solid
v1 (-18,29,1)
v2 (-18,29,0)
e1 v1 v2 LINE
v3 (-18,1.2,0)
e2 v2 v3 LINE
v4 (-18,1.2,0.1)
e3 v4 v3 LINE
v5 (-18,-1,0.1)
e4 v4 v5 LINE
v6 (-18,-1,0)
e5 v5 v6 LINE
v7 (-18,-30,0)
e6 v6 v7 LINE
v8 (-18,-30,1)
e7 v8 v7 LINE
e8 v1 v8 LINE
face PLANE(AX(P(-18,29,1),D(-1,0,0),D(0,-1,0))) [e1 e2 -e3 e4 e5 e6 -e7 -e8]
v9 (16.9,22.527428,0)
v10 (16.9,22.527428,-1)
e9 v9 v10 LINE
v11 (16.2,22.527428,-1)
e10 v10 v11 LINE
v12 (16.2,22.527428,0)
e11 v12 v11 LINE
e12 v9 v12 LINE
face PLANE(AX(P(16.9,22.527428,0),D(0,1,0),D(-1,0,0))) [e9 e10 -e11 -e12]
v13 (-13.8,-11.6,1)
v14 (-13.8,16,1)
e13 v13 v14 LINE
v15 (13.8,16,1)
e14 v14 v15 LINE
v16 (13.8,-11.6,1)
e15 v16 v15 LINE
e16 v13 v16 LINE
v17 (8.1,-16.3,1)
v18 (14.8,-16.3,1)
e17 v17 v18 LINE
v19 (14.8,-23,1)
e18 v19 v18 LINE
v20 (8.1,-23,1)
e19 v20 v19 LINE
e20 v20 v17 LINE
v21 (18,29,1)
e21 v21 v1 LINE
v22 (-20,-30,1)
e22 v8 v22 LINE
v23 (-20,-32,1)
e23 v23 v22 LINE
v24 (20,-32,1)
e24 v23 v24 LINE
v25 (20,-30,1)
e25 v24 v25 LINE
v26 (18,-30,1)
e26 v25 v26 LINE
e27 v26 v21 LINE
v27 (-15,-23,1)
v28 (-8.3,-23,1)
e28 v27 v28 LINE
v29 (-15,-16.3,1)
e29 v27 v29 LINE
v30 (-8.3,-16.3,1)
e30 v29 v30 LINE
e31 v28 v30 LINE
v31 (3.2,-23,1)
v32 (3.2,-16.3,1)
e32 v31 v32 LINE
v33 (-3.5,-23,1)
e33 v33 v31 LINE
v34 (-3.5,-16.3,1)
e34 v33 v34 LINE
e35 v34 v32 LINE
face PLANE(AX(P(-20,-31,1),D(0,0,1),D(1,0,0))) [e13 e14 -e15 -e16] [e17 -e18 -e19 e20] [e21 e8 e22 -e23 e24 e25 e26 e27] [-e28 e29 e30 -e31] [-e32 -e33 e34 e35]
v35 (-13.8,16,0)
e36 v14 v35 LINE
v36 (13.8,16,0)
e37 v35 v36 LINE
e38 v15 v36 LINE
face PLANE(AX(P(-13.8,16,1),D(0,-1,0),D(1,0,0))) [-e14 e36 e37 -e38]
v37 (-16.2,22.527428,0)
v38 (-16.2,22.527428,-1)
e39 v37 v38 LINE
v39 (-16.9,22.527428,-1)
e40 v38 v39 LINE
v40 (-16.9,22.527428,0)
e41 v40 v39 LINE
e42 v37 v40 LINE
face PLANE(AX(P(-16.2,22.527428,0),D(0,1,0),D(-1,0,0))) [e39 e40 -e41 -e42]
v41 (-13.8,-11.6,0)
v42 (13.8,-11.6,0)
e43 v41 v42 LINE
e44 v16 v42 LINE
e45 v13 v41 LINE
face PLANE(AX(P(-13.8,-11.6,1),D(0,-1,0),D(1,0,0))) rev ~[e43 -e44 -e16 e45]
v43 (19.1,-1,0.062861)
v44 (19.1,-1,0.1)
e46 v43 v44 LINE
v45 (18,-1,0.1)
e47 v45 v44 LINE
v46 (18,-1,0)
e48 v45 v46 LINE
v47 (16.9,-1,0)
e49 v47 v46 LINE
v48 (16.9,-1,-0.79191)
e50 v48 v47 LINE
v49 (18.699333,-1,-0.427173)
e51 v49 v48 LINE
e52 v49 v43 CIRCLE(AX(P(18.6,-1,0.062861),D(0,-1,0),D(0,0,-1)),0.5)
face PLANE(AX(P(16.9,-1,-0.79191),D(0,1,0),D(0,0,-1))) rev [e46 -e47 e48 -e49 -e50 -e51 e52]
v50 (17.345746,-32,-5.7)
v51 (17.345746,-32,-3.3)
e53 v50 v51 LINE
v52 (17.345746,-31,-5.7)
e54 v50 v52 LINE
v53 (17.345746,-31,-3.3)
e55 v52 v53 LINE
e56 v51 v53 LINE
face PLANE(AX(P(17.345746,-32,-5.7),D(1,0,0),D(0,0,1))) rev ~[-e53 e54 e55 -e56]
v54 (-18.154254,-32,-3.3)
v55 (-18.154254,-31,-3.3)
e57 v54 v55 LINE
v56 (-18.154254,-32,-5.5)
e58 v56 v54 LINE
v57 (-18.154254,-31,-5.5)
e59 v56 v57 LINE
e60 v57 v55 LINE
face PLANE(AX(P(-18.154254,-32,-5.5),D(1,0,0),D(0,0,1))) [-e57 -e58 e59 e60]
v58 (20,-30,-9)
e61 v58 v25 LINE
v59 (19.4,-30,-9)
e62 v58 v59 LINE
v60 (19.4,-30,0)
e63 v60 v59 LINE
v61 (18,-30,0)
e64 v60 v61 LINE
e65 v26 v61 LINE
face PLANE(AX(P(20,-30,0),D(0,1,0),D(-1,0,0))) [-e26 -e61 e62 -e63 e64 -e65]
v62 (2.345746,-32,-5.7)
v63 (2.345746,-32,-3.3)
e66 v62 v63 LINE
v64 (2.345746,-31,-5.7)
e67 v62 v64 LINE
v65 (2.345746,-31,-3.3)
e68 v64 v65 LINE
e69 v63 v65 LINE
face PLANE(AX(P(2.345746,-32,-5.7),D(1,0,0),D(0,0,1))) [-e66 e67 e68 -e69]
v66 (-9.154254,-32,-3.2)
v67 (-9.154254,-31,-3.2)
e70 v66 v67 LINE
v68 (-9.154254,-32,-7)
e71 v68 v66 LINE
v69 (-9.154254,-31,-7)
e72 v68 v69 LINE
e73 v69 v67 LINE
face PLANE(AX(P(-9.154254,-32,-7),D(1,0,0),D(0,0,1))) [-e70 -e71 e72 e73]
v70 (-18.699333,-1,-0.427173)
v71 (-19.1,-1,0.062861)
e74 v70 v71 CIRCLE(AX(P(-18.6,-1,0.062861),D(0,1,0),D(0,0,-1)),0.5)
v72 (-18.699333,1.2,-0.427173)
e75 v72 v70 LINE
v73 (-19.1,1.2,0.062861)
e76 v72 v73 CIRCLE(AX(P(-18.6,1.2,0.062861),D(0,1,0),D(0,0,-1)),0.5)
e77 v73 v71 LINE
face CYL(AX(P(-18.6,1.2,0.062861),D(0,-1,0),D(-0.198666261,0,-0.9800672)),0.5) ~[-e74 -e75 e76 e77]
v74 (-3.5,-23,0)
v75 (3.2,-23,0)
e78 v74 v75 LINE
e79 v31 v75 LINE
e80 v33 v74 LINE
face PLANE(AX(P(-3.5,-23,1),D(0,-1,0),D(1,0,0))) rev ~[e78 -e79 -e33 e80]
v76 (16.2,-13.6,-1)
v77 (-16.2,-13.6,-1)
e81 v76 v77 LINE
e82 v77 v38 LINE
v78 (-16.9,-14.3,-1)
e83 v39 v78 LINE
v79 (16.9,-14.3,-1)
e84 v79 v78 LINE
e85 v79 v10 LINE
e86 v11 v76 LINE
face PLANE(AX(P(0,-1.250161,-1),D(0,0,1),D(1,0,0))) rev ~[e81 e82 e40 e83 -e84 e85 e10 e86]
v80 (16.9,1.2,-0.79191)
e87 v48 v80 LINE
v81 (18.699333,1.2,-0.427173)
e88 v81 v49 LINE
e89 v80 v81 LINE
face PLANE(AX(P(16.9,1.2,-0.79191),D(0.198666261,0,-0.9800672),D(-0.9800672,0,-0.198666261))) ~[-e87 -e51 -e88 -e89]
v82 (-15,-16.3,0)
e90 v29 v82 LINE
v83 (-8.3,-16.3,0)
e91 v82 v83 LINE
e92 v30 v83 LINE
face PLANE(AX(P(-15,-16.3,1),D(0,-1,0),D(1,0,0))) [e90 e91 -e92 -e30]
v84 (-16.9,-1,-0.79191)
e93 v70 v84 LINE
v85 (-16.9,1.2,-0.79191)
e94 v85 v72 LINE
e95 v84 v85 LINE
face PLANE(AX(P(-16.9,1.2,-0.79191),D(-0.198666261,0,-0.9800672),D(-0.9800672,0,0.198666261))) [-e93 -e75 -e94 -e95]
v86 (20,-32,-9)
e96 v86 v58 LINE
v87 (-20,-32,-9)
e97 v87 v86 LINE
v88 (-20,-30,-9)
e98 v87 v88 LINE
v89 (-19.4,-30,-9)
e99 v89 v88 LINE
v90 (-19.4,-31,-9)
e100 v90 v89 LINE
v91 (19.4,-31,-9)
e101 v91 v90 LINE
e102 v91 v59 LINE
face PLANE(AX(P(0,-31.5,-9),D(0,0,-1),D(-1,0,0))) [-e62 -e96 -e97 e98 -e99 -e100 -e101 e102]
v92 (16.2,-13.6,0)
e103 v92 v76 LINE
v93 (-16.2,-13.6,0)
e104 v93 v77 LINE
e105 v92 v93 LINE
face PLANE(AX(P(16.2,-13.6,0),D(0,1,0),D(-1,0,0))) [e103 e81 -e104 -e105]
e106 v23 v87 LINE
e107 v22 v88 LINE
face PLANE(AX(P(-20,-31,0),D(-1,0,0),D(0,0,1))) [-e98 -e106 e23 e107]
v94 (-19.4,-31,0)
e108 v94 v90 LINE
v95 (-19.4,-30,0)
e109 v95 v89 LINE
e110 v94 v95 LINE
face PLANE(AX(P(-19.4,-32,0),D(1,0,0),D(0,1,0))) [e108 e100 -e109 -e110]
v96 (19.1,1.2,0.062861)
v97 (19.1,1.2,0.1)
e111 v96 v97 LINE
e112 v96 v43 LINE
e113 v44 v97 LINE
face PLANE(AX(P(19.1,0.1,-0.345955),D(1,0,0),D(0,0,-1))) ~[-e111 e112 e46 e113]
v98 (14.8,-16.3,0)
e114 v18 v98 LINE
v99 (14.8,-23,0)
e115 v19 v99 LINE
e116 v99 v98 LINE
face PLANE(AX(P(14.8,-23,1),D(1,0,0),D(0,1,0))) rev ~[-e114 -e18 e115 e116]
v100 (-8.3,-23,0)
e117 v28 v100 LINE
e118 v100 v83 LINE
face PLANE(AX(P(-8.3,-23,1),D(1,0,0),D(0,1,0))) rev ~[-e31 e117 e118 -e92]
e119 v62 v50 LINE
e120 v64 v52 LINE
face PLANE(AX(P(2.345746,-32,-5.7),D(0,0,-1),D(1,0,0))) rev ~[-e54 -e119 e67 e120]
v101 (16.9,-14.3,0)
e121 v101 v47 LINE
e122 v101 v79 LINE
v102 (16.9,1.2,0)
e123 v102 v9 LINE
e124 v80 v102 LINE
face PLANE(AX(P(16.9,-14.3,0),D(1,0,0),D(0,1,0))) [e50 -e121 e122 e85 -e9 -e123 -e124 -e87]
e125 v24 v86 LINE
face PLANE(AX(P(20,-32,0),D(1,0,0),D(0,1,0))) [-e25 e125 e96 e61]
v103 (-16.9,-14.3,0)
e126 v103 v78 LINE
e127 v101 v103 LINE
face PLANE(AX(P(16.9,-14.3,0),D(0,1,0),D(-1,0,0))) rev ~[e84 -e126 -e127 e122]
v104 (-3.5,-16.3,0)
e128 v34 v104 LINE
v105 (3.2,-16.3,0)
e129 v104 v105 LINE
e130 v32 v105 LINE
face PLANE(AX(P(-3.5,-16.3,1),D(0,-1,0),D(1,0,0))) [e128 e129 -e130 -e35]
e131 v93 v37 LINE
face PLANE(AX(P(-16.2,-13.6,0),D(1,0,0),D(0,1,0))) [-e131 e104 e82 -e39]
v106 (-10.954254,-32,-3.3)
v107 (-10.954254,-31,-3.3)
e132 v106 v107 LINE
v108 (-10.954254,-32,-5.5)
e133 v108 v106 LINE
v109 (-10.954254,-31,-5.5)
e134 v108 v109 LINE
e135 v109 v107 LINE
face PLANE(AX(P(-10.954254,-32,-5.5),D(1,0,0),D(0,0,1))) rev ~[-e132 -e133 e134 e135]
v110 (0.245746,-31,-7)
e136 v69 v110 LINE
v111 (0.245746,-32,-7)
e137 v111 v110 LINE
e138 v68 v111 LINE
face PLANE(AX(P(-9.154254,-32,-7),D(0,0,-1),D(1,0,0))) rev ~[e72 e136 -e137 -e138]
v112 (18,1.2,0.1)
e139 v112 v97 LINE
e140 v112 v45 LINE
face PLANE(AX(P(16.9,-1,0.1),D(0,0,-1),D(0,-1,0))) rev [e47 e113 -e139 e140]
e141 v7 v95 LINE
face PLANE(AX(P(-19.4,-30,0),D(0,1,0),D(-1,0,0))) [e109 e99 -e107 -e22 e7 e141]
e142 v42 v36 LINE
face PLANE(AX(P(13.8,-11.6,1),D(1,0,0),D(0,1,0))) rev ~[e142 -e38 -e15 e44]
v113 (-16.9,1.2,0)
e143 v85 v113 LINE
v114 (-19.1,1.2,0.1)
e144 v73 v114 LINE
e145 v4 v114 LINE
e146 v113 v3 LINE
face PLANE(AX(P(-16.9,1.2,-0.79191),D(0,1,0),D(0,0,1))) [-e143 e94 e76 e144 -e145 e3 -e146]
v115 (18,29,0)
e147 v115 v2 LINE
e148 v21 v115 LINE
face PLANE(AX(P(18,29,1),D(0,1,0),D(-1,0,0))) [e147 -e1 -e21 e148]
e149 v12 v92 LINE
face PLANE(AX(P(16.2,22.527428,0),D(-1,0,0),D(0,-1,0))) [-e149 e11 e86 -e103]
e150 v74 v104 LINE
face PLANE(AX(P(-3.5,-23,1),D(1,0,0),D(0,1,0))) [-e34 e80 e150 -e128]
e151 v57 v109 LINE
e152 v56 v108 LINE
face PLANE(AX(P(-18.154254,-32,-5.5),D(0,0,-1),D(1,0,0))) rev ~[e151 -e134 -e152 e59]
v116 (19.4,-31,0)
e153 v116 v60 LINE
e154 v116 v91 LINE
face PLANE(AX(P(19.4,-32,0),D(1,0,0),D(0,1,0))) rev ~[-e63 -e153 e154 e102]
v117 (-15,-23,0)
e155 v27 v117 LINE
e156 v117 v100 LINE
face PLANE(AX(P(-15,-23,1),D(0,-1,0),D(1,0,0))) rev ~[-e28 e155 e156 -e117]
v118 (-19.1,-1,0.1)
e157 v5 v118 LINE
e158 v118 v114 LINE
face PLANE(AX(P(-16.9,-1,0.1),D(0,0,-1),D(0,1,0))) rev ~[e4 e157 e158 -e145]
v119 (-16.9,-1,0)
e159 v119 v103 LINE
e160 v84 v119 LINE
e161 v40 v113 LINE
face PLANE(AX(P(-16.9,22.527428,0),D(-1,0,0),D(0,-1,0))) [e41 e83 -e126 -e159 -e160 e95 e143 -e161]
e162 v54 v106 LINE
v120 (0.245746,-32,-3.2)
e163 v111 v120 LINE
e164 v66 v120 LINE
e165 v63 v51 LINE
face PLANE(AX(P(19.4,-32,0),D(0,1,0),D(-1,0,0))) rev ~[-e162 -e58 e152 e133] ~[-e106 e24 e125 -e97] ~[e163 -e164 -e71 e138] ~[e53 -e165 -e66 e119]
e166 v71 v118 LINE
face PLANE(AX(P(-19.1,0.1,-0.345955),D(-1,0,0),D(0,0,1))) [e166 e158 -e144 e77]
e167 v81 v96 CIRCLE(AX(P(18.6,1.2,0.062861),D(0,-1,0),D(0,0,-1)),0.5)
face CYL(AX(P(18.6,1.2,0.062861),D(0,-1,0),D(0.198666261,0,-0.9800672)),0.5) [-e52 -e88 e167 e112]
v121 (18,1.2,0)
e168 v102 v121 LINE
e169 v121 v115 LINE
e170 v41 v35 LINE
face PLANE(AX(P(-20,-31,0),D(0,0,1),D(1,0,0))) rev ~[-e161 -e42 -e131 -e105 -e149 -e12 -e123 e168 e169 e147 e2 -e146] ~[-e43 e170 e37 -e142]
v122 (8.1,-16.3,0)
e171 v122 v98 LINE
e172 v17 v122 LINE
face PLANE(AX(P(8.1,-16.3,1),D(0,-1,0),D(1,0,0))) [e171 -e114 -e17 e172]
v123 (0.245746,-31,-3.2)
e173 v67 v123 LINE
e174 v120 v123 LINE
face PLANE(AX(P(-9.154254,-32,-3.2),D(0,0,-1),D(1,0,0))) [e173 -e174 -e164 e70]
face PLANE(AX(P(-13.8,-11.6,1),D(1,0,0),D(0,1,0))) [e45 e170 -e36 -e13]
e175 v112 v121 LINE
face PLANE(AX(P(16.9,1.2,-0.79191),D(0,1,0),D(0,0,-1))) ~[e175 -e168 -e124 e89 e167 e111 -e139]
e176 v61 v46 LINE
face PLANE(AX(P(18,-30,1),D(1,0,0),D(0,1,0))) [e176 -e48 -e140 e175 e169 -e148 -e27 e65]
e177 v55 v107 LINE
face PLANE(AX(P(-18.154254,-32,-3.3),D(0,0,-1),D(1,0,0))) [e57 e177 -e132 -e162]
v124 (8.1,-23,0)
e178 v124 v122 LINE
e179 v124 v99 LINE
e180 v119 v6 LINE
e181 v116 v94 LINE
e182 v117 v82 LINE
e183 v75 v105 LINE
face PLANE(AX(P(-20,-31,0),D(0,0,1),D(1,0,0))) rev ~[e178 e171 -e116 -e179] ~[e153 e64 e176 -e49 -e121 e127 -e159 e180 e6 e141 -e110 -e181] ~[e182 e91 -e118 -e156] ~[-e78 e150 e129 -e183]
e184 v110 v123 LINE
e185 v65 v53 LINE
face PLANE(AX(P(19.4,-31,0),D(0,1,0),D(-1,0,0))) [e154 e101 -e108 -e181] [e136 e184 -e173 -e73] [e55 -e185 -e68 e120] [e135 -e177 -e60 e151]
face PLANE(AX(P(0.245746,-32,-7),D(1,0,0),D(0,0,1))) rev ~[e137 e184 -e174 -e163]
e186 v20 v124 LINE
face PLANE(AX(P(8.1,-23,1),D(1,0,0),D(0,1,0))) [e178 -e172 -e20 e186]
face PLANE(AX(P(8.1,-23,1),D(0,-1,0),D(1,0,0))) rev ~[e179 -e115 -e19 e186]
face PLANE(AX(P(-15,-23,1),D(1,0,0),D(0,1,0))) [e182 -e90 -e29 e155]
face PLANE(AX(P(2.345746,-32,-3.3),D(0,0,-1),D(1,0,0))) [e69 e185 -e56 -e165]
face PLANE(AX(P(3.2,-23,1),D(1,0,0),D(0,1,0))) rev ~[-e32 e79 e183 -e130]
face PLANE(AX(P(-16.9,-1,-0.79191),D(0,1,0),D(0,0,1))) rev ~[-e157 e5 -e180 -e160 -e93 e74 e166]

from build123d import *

# Parameters (mm, degrees)
SKETCH_1_W             = 40
SKETCH_1_H             = 62
EXTRUDE_1_DEPTH        = 1
SKETCH_3_W             = 27.6
SKETCH_3_H             = 27.6
SKETCH_3_W_2           = 6.7
SKETCH_3_H_2           = 6.7
CUT_EXTRUDE_1_DEPTH    = 37.905284174
EXTRUDE_2_DEPTH        = 1
SKETCH_8_W             = 40
SKETCH_8_H             = 1
EXTRUDE_5_DEPTH        = 1
SKETCH_10_W            = 0.6
SKETCH_10_H            = 2
EXTRUDE_6_DEPTH        = 9
SKETCH_11_W            = 38.8
SKETCH_11_H            = 1
EXTRUDE_7_DEPTH        = 9
CUT_EXTRUDE_2_REACH    = 68.708
SKETCH_13_W            = 7.2
SKETCH_13_H            = 2.2
SKETCH_13_W_2          = 9.4
SKETCH_13_H_2          = 3.8
SKETCH_13_W_3          = 15
SKETCH_13_H_3          = 2.4
CUT_EXTRUDE_3_DEPTH    = 10
SKETCH_15_W            = 0.891909811
SKETCH_15_H            = 2.2
EXTRUDE_8_DEPTH        = 2.2
CUT_EXTRUDE_4_REACH    = 41.79
FILLET_1_R             = 0.5
FILLET_1_OF_MIRROR_1_R = 0.5


with BuildPart() as part:
    # 草图1 → 凸台-拉伸1 (new body)
    with BuildSketch(Plane.XY):
        Rectangle(SKETCH_1_W, SKETCH_1_H)
    extrude(amount=EXTRUDE_1_DEPTH)

    # 草图3 → 切除-拉伸1 (cut, through all)
    with BuildSketch(Plane.XY.offset(1)):
        with Locations((0, 2.2)):
            Rectangle(SKETCH_3_W, SKETCH_3_H)
        with Locations((-11.65, -19.65)):
            Rectangle(SKETCH_3_W_2, SKETCH_3_H_2)
        with Locations((-0.15, -19.65)):
            Rectangle(SKETCH_3_W_2, SKETCH_3_H_2)
        with Locations((11.45, -19.65)):
            Rectangle(SKETCH_3_W_2, SKETCH_3_H_2)
    extrude(amount=-CUT_EXTRUDE_1_DEPTH, mode=Mode.SUBTRACT)

    # 草图4 → 凸台-拉伸2 (add)
    with BuildSketch(Plane(origin=(0, 0, 0), x_dir=(-1, 0, 0), z_dir=(0, 0, -1))):
        Polygon((-16.9, 22.527428343), (-16.2, 22.527428343), (-16.2, -13.6), (16.2, -13.6), (16.2, 22.527428343), (16.9, 22.527428343), (16.9, -14.3), (15.9, -14.3), (-15.9, -14.3), (-16.9, -14.3), align=None)
    extrude(amount=EXTRUDE_2_DEPTH)

    # 草图8 → 凸台-拉伸5 (add)
    with BuildSketch(Plane.XZ.offset(31)):
        with Locations((0, 0.5)):
            Rectangle(SKETCH_8_W, SKETCH_8_H)
    extrude(amount=EXTRUDE_5_DEPTH)

    # 草图10 → 凸台-拉伸6 (add)
    with BuildSketch(Plane(origin=(0, 0, 0), x_dir=(-1, 0, 0), z_dir=(0, 0, -1))):
        with Locations((-19.7, -31)):
            Rectangle(SKETCH_10_W, SKETCH_10_H)
        with Locations((19.7, -31)):
            Rectangle(SKETCH_10_W, SKETCH_10_H)
    extrude(amount=EXTRUDE_6_DEPTH)

    # 草图11 → 凸台-拉伸7 (add)
    with BuildSketch(Plane(origin=(0, 0, 0), x_dir=(-1, 0, 0), z_dir=(0, 0, -1))):
        with Locations((0, -31.5)):
            Rectangle(SKETCH_11_W, SKETCH_11_H)
    extrude(amount=EXTRUDE_7_DEPTH)

    # 草图13 → 切除-拉伸2 (cut, up to next)
    with BuildSketch(Plane.XZ.offset(32), mode=Mode.PRIVATE) as cut_extrude_2_sk1:
        with Locations((-14.554254311, -4.4)):
            Rectangle(SKETCH_13_W, SKETCH_13_H)
    cut_extrude_2_tool1 = extrude(cut_extrude_2_sk1.sketch, amount=-CUT_EXTRUDE_2_REACH, mode=Mode.PRIVATE) & part.part
    # 草图13 → 切除-拉伸2 (cut, up to next)
    with BuildSketch(Plane.XZ.offset(32), mode=Mode.PRIVATE) as cut_extrude_2_sk2:
        with Locations((-4.454254311, -5.1)):
            Rectangle(SKETCH_13_W_2, SKETCH_13_H_2)
    cut_extrude_2_tool2 = extrude(cut_extrude_2_sk2.sketch, amount=-CUT_EXTRUDE_2_REACH, mode=Mode.PRIVATE) & part.part
    # 草图13 → 切除-拉伸2 (cut, up to next)
    with BuildSketch(Plane.XZ.offset(32), mode=Mode.PRIVATE) as cut_extrude_2_sk3:
        with Locations((9.845745689, -4.5)):
            Rectangle(SKETCH_13_W_3, SKETCH_13_H_3)
    cut_extrude_2_tool3 = extrude(cut_extrude_2_sk3.sketch, amount=-CUT_EXTRUDE_2_REACH, mode=Mode.PRIVATE) & part.part
    add(cut_extrude_2_tool1.solids().sort_by_distance((-14.554254, -32, -4.4))[0], mode=Mode.SUBTRACT)
    add(cut_extrude_2_tool2.solids().sort_by_distance((-4.454254, -32, -5.1))[0], mode=Mode.SUBTRACT)
    add(cut_extrude_2_tool3.solids().sort_by_distance((9.845746, -32, -4.5))[0], mode=Mode.SUBTRACT)

    # 草图14 → 切除-拉伸3 (cut)
    with BuildSketch(Plane.XY.offset(1)):
        Polygon((-20, 31), (-18, 31), (18, 31), (20, 31), (20, -30), (18, -30), (18, 29), (-18, 29), (-18, -30), (-20, -30), align=None)
    extrude(amount=-CUT_EXTRUDE_3_DEPTH, mode=Mode.SUBTRACT)

    # 草图15 → 凸台-拉伸8 (add)
    with BuildSketch(Plane.ZY.offset(16.9)):
        with Locations((-0.345954906, 0.1)):
            Rectangle(SKETCH_15_W, SKETCH_15_H)
    extrude_8 = extrude(amount=EXTRUDE_8_DEPTH)

    # 草图16 → 切除-拉伸4 (cut, up to next)
    with BuildSketch(Plane(origin=(0, 1.2, 0), x_dir=(1, 0, 0), z_dir=(0, 1, 0)), mode=Mode.PRIVATE) as cut_extrude_4_sk1:
        Polygon((-16.9, 0.791909811), (-19.1, 0.345954906), (-19.1, 0.791909811), align=None)
    cut_extrude_4_tool1 = extrude(cut_extrude_4_sk1.sketch, amount=-CUT_EXTRUDE_4_REACH, mode=Mode.PRIVATE) & part.part
    cut_extrude_4 = cut_extrude_4_tool1.solids().sort_by_distance((-18.366667, 1.2, -0.643258))[0]
    add(cut_extrude_4, mode=Mode.SUBTRACT)

    # 圆角1
    fillet_1_edges = [part.edges().sort_by_distance(p)[0] for p in [
        (-19.1, 0.1, -0.345954906),
    ]]
    fillet(fillet_1_edges, radius=FILLET_1_R)

    # 镜向1: 凸台-拉伸8, 切除-拉伸4 across plane
    add(extrude_8.mirror(Plane(origin=(0, 0, 0), x_dir=(0, 0, 1), z_dir=(1, 0, 0))))
    add(cut_extrude_4.mirror(Plane(origin=(0, 0, 0), x_dir=(0, 0, 1), z_dir=(1, 0, 0))), mode=Mode.SUBTRACT)

    # 圆角1 of 镜向1
    fillet_1_of_mirror_1_edges = [part.edges().sort_by_distance(p)[0] for p in [
        (19.1, 0.1, -0.345954906),
    ]]
    fillet(fillet_1_of_mirror_1_edges, radius=FILLET_1_OF_MIRROR_1_R)


solid = part.part
